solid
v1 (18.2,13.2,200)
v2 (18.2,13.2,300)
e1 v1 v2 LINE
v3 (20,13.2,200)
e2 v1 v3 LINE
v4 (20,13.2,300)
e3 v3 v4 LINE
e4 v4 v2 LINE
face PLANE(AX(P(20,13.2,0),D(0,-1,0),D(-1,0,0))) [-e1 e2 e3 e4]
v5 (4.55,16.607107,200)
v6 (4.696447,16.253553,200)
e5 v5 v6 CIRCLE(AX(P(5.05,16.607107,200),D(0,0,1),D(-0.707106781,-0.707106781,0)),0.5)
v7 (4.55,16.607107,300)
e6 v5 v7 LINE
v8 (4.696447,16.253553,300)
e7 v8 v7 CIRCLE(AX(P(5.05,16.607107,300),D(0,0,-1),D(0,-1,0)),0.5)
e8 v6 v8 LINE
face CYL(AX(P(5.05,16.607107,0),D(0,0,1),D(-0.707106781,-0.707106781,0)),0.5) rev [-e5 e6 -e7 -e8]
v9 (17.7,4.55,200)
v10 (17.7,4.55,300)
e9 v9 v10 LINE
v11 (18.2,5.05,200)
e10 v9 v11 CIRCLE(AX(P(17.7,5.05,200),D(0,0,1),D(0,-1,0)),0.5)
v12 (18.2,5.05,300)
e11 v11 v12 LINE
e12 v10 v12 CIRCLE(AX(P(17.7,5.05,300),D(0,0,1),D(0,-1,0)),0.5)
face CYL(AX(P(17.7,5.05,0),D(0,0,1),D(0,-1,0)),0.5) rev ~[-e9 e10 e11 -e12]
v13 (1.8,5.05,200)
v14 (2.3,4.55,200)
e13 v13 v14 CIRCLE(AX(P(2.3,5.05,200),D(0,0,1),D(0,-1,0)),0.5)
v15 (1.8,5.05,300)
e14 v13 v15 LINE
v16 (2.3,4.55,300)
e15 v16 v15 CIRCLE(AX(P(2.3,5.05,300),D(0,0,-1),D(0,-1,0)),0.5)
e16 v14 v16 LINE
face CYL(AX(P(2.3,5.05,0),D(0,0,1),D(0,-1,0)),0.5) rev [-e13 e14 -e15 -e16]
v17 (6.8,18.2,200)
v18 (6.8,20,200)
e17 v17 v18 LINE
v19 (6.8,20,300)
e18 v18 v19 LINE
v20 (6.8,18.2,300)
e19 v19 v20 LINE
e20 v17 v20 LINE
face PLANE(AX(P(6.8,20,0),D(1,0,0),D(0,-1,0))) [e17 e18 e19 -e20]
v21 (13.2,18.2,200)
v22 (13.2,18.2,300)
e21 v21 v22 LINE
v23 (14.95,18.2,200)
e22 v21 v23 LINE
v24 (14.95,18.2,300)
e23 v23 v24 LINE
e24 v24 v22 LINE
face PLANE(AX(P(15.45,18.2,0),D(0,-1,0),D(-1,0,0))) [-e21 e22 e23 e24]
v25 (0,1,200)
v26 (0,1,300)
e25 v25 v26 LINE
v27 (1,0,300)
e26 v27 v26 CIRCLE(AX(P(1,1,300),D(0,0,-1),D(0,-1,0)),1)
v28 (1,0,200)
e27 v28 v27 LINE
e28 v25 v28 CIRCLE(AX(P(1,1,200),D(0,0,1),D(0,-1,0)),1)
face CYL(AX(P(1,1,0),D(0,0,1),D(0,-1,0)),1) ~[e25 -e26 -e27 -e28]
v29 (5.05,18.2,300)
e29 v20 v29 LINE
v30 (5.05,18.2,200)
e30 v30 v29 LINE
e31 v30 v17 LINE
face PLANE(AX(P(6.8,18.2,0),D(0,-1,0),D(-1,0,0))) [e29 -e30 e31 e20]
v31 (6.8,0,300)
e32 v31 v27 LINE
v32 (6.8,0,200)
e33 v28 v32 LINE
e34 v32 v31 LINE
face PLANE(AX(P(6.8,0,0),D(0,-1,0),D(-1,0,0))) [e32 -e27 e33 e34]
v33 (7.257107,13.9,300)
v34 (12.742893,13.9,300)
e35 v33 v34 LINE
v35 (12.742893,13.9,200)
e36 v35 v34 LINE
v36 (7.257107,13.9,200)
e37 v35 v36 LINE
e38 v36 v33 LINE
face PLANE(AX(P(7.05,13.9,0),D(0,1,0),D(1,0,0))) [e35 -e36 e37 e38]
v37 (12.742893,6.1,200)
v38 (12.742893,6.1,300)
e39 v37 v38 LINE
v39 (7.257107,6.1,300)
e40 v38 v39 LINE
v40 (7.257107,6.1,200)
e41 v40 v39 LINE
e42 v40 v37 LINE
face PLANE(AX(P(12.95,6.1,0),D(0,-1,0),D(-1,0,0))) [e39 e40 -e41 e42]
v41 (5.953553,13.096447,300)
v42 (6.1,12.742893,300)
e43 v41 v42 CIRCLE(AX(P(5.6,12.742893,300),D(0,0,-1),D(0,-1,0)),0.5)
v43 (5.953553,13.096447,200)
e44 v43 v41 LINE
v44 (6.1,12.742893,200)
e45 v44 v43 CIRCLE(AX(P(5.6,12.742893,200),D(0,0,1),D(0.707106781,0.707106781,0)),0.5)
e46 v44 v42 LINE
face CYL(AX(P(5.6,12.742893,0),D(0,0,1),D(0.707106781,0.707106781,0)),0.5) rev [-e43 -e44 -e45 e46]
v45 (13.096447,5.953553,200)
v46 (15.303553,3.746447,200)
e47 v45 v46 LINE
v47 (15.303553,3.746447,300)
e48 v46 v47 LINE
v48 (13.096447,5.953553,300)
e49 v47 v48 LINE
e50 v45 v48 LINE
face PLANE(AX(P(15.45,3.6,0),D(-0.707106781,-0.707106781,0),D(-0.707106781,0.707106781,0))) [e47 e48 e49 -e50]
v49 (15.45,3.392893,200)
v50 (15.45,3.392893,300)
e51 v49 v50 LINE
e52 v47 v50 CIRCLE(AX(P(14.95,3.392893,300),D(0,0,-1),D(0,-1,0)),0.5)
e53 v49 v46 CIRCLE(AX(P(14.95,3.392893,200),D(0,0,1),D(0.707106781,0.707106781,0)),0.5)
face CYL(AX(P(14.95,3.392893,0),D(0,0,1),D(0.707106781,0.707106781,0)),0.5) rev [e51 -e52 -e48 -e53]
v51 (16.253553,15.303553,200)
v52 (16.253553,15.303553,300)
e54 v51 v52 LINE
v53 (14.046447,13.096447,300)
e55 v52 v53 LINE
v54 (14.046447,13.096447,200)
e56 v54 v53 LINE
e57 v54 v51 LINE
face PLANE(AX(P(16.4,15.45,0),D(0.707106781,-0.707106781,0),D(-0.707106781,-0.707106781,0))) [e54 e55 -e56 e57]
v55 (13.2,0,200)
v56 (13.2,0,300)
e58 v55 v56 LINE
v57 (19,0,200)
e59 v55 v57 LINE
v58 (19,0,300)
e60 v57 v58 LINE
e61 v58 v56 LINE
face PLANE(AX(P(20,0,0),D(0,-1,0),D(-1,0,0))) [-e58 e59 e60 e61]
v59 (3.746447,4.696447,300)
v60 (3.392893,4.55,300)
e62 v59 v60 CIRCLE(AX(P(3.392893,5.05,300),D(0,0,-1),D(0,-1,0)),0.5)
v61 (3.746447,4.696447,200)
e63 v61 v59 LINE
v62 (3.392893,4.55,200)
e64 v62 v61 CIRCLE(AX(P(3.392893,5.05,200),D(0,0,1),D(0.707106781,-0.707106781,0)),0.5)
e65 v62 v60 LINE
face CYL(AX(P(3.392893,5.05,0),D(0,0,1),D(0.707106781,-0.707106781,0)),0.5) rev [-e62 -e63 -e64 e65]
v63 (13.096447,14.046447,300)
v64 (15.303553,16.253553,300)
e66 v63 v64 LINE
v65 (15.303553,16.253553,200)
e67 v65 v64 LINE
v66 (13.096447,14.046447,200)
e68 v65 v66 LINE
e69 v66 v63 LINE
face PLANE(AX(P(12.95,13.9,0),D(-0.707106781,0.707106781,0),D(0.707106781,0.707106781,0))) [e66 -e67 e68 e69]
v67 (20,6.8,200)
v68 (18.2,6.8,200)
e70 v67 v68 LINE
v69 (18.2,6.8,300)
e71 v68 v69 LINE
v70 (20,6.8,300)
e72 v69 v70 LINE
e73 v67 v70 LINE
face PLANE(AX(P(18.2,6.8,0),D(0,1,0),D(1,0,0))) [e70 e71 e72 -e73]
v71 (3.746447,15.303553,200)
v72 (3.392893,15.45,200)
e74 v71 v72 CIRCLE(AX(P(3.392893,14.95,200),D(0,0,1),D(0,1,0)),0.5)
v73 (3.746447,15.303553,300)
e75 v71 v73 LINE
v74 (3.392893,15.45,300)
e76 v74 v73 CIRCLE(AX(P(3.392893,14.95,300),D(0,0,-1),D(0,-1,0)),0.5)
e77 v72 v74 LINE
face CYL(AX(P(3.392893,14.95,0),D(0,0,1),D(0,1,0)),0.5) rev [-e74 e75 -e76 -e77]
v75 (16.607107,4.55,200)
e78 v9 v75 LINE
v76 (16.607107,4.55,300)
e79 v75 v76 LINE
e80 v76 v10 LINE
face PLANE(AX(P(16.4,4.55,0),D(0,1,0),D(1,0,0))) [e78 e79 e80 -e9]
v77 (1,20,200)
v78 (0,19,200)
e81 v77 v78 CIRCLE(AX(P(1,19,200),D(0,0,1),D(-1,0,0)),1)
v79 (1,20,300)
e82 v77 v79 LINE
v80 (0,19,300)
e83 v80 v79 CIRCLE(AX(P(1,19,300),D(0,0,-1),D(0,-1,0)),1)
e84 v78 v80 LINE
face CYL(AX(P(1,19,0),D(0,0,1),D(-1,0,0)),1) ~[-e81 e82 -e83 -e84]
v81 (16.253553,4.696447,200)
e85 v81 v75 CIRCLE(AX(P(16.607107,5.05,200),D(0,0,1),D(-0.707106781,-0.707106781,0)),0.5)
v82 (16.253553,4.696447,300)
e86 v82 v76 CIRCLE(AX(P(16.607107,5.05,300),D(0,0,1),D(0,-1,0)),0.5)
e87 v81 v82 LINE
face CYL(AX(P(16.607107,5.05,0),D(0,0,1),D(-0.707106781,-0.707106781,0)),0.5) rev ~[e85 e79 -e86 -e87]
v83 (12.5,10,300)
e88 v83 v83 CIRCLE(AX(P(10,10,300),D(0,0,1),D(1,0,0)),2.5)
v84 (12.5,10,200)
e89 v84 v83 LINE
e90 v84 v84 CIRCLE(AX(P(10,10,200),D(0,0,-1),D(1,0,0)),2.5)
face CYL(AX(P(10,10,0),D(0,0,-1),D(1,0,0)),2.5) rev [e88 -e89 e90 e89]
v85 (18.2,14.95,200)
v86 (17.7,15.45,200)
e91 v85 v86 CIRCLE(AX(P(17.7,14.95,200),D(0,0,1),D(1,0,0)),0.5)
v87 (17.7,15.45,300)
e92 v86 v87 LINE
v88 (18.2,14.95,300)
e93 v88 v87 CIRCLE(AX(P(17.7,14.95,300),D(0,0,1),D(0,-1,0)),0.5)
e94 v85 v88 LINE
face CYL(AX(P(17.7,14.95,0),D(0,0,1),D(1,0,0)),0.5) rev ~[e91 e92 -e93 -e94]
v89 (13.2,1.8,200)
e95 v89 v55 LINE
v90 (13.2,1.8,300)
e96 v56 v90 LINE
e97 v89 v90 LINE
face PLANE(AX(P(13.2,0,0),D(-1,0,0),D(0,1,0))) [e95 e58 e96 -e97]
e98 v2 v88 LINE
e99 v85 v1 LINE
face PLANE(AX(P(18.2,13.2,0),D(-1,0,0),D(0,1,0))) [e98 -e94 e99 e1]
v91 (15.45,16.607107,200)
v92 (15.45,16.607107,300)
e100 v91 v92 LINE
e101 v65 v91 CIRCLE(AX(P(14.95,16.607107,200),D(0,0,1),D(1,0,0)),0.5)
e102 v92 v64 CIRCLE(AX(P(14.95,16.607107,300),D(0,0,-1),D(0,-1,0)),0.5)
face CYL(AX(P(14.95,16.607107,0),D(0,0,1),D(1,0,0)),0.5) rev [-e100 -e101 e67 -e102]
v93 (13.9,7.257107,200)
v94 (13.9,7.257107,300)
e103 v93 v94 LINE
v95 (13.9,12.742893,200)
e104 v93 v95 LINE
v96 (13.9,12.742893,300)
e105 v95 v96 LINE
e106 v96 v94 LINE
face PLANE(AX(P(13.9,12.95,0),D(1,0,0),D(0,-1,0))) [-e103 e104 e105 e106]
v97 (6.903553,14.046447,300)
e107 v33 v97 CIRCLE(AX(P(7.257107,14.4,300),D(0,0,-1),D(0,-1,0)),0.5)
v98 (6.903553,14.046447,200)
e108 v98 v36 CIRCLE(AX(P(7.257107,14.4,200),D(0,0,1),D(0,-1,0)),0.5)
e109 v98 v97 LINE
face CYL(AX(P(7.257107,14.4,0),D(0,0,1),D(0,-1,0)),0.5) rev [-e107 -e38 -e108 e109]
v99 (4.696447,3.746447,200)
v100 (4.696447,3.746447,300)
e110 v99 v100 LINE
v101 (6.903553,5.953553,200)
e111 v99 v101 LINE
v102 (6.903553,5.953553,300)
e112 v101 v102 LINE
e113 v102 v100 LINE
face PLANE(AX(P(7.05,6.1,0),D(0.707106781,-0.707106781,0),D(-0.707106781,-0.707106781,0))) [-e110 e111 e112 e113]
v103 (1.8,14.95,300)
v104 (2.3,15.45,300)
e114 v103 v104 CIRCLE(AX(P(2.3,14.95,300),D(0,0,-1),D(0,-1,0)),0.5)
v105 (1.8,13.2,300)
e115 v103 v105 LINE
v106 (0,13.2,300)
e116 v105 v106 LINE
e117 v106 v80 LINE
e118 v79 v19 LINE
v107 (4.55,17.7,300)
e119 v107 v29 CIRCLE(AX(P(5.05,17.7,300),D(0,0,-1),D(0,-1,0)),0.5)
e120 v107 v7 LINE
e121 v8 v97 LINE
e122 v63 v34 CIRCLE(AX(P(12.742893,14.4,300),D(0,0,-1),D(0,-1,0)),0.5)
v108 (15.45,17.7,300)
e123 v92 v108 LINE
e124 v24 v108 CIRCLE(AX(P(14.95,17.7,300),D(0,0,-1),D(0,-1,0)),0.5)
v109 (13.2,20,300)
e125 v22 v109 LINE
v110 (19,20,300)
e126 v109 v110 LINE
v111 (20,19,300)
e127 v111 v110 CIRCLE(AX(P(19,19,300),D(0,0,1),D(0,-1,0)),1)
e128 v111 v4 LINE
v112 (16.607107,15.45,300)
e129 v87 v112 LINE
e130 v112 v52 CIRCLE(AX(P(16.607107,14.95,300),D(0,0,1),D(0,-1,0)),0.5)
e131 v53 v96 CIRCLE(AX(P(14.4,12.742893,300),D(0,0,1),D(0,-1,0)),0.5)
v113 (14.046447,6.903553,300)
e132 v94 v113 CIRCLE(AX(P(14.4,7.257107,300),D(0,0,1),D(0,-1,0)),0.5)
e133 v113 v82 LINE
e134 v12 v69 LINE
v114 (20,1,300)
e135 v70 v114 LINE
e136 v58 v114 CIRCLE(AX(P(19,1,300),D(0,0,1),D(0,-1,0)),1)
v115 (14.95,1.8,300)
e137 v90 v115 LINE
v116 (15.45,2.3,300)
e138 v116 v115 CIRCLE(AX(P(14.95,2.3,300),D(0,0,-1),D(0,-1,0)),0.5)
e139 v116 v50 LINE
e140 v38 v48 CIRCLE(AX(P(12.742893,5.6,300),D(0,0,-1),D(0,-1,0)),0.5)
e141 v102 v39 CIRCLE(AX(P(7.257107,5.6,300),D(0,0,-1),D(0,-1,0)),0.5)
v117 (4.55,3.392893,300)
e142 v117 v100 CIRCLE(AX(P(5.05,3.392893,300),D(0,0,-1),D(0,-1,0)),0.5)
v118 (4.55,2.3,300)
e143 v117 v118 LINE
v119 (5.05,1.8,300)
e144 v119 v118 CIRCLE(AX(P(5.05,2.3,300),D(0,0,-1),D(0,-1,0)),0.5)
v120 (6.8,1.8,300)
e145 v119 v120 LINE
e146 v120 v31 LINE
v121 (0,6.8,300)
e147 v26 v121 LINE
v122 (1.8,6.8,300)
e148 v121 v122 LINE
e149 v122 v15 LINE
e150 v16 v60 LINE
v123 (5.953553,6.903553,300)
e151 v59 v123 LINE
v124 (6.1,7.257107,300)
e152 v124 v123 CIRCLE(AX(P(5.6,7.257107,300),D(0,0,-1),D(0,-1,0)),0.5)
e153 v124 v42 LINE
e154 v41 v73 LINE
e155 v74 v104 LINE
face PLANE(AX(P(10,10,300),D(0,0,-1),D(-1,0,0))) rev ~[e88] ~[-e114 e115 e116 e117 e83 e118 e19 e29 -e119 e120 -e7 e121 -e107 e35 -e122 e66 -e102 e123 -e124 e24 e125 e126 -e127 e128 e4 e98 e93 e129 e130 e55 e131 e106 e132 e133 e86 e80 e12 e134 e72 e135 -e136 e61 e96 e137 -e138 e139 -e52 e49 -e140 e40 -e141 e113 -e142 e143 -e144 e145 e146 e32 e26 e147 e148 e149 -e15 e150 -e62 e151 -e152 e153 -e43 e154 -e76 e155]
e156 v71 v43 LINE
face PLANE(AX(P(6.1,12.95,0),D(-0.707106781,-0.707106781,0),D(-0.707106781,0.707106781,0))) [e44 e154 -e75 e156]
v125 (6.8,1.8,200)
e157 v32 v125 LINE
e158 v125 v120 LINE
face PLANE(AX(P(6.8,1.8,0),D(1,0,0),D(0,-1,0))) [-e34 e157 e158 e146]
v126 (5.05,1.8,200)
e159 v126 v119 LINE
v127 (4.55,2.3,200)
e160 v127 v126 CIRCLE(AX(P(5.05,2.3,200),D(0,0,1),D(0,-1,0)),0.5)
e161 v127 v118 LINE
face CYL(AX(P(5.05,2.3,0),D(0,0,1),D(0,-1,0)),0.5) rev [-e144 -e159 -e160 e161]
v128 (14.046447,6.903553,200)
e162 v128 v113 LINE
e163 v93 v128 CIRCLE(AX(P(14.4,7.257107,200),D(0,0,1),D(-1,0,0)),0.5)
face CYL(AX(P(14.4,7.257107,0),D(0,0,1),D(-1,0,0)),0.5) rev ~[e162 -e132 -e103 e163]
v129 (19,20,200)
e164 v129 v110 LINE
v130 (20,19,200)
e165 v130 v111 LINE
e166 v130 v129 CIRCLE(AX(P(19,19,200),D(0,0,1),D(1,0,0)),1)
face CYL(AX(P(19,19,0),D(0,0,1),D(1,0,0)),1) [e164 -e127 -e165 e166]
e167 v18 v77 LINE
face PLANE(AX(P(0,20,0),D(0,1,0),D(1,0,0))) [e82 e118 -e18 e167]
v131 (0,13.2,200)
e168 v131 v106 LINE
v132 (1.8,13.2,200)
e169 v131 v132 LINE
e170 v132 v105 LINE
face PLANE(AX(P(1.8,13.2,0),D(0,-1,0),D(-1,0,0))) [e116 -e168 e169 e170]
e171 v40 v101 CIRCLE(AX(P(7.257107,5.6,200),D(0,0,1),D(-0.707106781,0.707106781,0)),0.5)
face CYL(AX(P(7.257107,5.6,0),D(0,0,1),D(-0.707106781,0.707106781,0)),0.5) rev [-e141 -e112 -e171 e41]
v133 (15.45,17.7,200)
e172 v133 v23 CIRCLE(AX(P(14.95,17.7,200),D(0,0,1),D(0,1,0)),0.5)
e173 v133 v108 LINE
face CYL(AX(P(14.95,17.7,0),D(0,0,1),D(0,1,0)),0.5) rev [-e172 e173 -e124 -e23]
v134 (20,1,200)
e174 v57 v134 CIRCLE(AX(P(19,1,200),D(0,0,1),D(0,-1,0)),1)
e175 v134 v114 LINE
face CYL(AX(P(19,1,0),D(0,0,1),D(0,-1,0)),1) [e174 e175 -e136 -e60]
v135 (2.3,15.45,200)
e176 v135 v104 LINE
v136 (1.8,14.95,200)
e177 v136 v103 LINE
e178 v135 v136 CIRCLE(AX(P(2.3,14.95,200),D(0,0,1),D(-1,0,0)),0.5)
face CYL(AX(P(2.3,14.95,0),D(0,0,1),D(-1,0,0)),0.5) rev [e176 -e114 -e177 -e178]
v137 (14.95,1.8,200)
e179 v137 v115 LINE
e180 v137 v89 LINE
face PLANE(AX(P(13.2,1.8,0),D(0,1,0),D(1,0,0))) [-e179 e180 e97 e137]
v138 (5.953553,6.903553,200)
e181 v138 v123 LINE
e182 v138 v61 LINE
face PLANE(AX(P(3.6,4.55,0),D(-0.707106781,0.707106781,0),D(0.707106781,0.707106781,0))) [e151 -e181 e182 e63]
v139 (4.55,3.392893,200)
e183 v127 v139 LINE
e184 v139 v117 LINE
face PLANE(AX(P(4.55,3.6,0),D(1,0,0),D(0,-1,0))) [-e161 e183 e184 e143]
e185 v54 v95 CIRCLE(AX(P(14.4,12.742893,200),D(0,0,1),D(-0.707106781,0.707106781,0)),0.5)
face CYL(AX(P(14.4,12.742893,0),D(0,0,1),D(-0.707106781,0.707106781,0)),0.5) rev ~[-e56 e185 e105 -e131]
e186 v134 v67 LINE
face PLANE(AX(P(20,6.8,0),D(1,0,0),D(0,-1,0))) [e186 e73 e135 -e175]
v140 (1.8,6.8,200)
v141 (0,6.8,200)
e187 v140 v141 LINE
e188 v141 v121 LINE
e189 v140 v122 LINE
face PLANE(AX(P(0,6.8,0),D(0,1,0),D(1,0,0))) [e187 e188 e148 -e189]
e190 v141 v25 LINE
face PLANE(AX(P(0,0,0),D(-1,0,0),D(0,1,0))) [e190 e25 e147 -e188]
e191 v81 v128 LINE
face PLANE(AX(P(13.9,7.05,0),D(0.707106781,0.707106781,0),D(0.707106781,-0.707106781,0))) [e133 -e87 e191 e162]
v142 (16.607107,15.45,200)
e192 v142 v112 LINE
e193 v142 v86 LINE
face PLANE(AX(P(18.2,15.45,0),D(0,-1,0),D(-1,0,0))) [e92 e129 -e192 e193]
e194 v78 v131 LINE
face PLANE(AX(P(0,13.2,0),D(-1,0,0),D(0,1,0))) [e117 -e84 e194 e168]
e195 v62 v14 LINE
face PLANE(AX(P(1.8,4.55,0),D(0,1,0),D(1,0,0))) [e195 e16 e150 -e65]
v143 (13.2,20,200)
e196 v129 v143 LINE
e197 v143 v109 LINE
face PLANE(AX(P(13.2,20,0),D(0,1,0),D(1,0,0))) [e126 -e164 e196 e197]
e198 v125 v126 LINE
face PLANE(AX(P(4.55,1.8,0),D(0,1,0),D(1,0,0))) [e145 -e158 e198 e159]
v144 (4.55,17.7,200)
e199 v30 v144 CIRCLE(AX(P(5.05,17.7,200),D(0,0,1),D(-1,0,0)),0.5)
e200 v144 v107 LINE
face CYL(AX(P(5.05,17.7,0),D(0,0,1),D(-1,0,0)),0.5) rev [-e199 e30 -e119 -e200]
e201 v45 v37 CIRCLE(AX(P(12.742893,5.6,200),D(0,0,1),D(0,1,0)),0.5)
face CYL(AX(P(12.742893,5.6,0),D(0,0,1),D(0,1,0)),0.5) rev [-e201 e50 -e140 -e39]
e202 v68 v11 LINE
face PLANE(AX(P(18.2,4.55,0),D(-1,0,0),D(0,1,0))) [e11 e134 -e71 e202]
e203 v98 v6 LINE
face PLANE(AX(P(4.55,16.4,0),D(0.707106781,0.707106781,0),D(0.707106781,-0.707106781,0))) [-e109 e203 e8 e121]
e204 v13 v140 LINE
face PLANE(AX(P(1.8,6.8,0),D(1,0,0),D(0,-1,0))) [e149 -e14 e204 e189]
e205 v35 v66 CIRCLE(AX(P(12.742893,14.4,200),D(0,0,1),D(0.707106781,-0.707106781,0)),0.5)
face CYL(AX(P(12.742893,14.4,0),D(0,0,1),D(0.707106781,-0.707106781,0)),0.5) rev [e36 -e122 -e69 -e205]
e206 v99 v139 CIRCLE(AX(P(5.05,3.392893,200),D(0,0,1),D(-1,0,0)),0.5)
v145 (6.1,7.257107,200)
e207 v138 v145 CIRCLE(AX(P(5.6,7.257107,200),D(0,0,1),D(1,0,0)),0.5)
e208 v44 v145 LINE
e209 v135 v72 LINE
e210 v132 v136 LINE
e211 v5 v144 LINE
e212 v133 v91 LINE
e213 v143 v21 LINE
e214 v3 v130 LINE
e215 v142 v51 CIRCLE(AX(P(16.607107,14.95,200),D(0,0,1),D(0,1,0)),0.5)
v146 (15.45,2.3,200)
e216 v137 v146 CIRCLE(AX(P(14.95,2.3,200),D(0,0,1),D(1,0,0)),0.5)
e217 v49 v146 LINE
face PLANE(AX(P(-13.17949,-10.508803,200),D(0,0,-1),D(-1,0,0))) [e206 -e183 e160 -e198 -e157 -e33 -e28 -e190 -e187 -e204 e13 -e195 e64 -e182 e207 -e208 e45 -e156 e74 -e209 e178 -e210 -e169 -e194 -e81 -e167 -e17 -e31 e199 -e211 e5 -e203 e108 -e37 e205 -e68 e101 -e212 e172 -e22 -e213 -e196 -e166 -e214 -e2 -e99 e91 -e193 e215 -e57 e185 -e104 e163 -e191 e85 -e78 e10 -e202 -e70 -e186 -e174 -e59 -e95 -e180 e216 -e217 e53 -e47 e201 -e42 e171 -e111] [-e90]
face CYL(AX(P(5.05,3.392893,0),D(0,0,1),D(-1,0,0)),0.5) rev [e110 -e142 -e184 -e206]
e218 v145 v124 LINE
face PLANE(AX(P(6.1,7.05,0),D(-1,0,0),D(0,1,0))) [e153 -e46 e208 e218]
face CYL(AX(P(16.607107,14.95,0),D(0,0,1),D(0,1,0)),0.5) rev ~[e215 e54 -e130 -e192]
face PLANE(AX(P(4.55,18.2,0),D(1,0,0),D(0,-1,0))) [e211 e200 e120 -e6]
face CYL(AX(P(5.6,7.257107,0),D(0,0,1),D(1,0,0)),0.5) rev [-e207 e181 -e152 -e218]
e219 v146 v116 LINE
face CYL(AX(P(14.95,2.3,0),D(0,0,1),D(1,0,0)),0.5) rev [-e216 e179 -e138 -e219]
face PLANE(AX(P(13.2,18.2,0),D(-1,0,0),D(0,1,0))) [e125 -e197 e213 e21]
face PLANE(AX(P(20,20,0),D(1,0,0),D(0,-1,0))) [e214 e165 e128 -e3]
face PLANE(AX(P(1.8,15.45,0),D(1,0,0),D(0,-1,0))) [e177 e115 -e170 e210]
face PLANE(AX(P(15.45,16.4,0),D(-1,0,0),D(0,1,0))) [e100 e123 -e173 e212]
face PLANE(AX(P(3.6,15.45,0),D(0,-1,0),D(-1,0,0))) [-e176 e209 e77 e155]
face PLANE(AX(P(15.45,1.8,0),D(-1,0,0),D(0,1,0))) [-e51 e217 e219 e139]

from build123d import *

# Parameters (mm, degrees)
SKETCH1_R           = 2.5
BOSS_EXTRUDE1_DEPTH = 300
FILLET1_R           = 1
FILLET2_R           = 0.5
FILLET3_R           = 0.5
FILLET4_R           = 0.5
FILLET5_R           = 0.5
SKETCH4_W           = 85.130466005
SKETCH4_H           = 76.492403511
CUT_EXTRUDE4_DEPTH  = 200


with BuildPart() as part:
    # Sketch1 → Boss-Extrude1 (new body)
    with BuildSketch(Plane.XY):
        Polygon((13.2, 0), (13.2, 1.8), (15.45, 1.8), (15.45, 3.6), (12.95, 6.1), (7.05, 6.1), (4.55, 3.6), (4.55, 1.8), (6.8, 1.8), (6.8, 0), (0, 0), (0, 6.8), (1.8, 6.8), (1.8, 4.55), (3.6, 4.55), (6.1, 7.05), (6.1, 12.95), (3.6, 15.45), (1.8, 15.45), (1.8, 13.2), (0, 13.2), (0, 20), (6.8, 20), (6.8, 18.2), (4.55, 18.2), (4.55, 16.4), (7.05, 13.9), (12.95, 13.9), (15.45, 16.4), (15.45, 18.2), (13.2, 18.2), (13.2, 20), (20, 20), (20, 13.2), (18.2, 13.2), (18.2, 15.45), (16.4, 15.45), (13.9, 12.95), (13.9, 7.05), (16.4, 4.55), (18.2, 4.55), (18.2, 6.8), (20, 6.8), (20, 0), align=None)
        with Locations((10, 10)):
            Circle(SKETCH1_R, mode=Mode.SUBTRACT)
    extrude(amount=BOSS_EXTRUDE1_DEPTH)

    # Fillet1
    fillet1_edges = [part.edges().sort_by_distance(p)[0] for p in [
        (0, 0, 150),
        (0, 20, 150),
        (20, 20, 150),
        (20, 0, 150),
    ]]
    fillet(fillet1_edges, radius=FILLET1_R)

    # Fillet2
    fillet2_edges = [part.edges().sort_by_distance(p)[0] for p in [
        (4.55, 18.2, 150),
        (4.55, 16.4, 150),
        (7.05, 13.9, 150),
        (12.95, 13.9, 150),
        (15.45, 16.4, 150),
        (15.45, 18.2, 150),
    ]]
    fillet(fillet2_edges, radius=FILLET2_R)

    # Fillet3
    fillet3_edges = [part.edges().sort_by_distance(p)[0] for p in [
        (18.2, 15.45, 150),
        (16.4, 15.45, 150),
        (13.9, 12.95, 150),
        (13.9, 7.05, 150),
        (16.4, 4.55, 150),
        (18.2, 4.55, 150),
    ]]
    fillet(fillet3_edges, radius=FILLET3_R)

    # Fillet4
    fillet4_edges = [part.edges().sort_by_distance(p)[0] for p in [
        (1.8, 4.55, 150),
        (3.6, 4.55, 150),
        (6.1, 7.05, 150),
        (6.1, 12.95, 150),
        (3.6, 15.45, 150),
        (1.8, 15.45, 150),
    ]]
    fillet(fillet4_edges, radius=FILLET4_R)

    # Fillet5
    fillet5_edges = [part.edges().sort_by_distance(p)[0] for p in [
        (15.45, 1.8, 150),
        (15.45, 3.6, 150),
        (12.95, 6.1, 150),
        (7.05, 6.1, 150),
        (4.55, 3.6, 150),
        (4.55, 1.8, 150),
    ]]
    fillet(fillet5_edges, radius=FILLET5_R)

    # Sketch4 → Cut-Extrude4 (cut)
    with BuildSketch(Plane(origin=(0, 0, 0), x_dir=(-1, 0, 0), z_dir=(0, 0, -1))):
        with Locations((13.179490335, -10.50880322)):
            Rectangle(SKETCH4_W, SKETCH4_H)
    extrude(amount=-CUT_EXTRUDE4_DEPTH, mode=Mode.SUBTRACT)


solid = part.part
